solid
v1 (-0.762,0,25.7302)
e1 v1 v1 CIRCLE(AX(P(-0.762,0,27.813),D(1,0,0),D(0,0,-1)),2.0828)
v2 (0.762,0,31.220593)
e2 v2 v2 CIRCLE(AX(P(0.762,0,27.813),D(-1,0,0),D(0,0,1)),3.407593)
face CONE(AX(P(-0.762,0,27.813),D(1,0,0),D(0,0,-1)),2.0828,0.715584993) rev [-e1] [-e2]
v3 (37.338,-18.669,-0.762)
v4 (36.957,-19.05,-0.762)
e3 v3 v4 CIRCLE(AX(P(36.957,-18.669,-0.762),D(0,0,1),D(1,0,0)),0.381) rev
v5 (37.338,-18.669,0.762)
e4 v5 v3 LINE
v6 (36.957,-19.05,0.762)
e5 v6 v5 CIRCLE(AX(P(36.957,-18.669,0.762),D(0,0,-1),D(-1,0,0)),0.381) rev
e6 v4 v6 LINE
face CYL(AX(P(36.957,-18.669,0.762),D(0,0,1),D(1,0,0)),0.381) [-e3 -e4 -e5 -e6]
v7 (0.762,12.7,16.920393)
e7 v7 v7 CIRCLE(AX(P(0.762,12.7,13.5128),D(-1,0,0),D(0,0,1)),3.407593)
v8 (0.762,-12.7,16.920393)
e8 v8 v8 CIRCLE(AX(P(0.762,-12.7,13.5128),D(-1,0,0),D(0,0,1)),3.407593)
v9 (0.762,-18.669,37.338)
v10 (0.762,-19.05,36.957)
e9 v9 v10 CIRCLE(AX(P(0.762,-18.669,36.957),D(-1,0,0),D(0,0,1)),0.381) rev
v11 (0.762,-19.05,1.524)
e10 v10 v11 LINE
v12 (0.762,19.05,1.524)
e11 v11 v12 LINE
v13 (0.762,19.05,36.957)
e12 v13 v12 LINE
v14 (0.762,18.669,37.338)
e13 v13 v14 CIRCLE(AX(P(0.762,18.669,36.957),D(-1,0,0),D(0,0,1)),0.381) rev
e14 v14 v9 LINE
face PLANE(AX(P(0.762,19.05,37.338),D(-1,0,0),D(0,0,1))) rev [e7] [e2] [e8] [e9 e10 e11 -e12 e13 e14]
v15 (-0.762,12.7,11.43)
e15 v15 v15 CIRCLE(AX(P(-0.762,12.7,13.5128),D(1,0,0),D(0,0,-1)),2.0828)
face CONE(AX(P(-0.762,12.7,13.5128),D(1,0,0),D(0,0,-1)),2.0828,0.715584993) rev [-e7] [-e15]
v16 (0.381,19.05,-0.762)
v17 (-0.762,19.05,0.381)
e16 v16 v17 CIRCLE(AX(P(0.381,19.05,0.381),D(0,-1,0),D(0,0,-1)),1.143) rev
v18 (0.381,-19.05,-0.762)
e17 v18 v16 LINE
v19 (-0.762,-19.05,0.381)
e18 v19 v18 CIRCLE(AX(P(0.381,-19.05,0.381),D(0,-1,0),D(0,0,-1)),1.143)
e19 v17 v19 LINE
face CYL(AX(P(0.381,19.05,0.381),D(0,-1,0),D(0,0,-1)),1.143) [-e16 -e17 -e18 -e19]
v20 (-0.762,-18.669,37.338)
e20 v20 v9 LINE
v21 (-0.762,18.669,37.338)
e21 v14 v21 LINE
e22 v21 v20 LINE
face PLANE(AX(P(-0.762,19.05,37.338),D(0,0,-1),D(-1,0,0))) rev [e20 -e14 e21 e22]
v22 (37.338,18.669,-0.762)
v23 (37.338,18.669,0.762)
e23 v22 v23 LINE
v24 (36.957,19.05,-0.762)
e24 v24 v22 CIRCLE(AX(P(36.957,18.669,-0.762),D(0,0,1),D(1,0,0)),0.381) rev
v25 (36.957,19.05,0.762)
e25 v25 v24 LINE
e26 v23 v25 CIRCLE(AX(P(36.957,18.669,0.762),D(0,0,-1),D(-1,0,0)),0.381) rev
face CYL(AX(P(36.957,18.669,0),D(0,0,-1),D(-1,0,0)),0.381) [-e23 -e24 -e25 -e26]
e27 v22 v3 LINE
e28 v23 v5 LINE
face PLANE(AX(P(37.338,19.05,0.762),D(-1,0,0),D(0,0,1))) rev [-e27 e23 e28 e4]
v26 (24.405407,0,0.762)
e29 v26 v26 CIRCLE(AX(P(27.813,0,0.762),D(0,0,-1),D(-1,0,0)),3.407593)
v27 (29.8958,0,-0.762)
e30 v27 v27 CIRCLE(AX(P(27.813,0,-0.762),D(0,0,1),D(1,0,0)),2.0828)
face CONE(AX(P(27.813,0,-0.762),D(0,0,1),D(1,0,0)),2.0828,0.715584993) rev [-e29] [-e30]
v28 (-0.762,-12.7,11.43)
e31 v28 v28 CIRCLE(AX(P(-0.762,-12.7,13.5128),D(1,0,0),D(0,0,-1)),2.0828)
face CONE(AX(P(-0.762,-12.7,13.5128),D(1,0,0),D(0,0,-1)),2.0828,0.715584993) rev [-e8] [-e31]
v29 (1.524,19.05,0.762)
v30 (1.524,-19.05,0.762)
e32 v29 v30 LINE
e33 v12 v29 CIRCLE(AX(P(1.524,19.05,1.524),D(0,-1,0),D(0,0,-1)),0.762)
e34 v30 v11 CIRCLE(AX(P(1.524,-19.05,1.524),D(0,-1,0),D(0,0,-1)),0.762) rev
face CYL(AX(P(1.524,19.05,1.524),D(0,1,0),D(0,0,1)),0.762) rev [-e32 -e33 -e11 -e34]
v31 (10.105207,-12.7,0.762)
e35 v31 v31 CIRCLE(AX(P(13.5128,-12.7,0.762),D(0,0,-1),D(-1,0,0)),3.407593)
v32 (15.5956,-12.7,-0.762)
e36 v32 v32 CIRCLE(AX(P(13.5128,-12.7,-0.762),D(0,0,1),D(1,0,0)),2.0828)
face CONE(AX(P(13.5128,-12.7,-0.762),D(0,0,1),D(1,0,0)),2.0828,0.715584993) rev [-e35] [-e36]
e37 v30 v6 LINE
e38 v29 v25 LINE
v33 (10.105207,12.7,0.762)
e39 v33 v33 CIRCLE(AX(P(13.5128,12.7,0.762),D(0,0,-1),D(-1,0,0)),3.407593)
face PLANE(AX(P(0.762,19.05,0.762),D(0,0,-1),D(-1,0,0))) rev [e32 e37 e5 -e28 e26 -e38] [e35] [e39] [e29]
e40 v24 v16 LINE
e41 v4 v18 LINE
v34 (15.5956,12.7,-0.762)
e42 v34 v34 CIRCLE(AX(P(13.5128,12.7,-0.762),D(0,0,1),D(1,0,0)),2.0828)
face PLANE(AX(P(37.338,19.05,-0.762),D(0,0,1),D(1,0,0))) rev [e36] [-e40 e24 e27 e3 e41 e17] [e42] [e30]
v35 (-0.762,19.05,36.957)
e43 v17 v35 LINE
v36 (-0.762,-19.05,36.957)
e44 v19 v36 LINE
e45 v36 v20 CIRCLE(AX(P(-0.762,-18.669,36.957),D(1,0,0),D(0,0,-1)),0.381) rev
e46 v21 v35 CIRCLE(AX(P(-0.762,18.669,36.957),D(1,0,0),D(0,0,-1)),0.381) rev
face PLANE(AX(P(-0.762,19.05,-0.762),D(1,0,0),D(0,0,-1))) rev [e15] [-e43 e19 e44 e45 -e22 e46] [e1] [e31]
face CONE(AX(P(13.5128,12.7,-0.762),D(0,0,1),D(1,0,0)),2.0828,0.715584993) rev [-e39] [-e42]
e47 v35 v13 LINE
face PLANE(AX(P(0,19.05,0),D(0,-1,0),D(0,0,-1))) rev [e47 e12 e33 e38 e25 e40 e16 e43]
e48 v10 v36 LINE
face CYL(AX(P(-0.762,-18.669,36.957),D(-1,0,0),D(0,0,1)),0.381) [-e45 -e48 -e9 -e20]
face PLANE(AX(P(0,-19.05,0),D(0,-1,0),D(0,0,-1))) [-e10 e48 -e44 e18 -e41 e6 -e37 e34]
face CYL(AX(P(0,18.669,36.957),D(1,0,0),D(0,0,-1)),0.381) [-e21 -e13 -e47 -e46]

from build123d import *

# Parameters (mm, degrees)
BOSS_EXTRUDE1_DEPTH          = 19.05
FILLET1_R                    = 1.143
FILLET2_R                    = 0.762
FILLET3_R                    = 0.381
SKETCH4_R                    = 2.0828
CUT_EXTRUDE1_DEPTH           = 1.524
CUT_EXTRUDE1_DRAFT           = -41
CUT_EXTRUDE1_PROFILE_2_DEPTH = 1.524
CUT_EXTRUDE1_PROFILE_2_DRAFT = -41
CUT_EXTRUDE1_PROFILE_3_DEPTH = 1.524
CUT_EXTRUDE1_PROFILE_3_DRAFT = -41
SKETCH5_R                    = 2.0828
CUT_EXTRUDE2_DEPTH           = 1.524
CUT_EXTRUDE2_DRAFT           = -41
CUT_EXTRUDE2_PROFILE_2_DEPTH = 1.524
CUT_EXTRUDE2_PROFILE_2_DRAFT = -41
CUT_EXTRUDE2_PROFILE_3_DEPTH = 1.524
CUT_EXTRUDE2_PROFILE_3_DRAFT = -41


with BuildPart() as part:
    # Sketch3 → Boss-Extrude1 (new, symmetric)
    with BuildSketch(Plane(origin=(0, 0, 0), x_dir=(1, 0, 0), z_dir=(0, 1, 0))):
        Polygon((0.762, -0.762), (37.338, -0.762), (37.338, 0.762), (-0.762, 0.762), (-0.762, -37.338), (0.762, -37.338), align=None)
    extrude(amount=BOSS_EXTRUDE1_DEPTH, both=True)

    # Fillet1
    fillet1_edges = [part.edges().sort_by_distance(p)[0] for p in [
        (-0.762, 0, -0.762),
    ]]
    fillet(fillet1_edges, radius=FILLET1_R)

    # Fillet2
    fillet2_edges = [part.edges().sort_by_distance(p)[0] for p in [
        (0.762, 0, 0.762),
    ]]
    fillet(fillet2_edges, radius=FILLET2_R)

    # Fillet3
    fillet3_edges = [part.edges().sort_by_distance(p)[0] for p in [
        (37.338, 19.05, 0),
        (0, 19.05, 37.338),
        (0, -19.05, 37.338),
        (37.338, -19.05, 0),
    ]]
    fillet(fillet3_edges, radius=FILLET3_R)


with BuildPart() as cut_extrude1_tool:
    # Sketch4 → Cut-Extrude1 (with draft: the straight prism first)
    with BuildSketch(Plane(origin=(-0.762, 0, 0), x_dir=(0, 0, -1), z_dir=(1, 0, 0))):
        with Locations((-27.813, 0)):
            Circle(SKETCH4_R)
    extrude(amount=CUT_EXTRUDE1_DEPTH)
    # Cut-Extrude1: the draft: its side faces are tilted about the plane it starts from
    cut_extrude1_sides = [cut_extrude1_tool.faces().sort_by_distance(p)[0] for p in [
        (0, 0, 29.8958),
    ]]
    draft(cut_extrude1_sides, Plane(origin=(-0.762, 0, 0), x_dir=(0, 0, -1), z_dir=(1, 0, 0)), CUT_EXTRUDE1_DRAFT)


with BuildPart() as part_1:
    add(part.part)

    # Cut-Extrude1: cut by cut_extrude1_tool
    add(cut_extrude1_tool.part, mode=Mode.SUBTRACT)


with BuildPart() as cut_extrude1_profile_2_tool:
    # Sketch4 → Cut-Extrude1 profile 2 (with draft: the straight prism first)
    with BuildSketch(Plane(origin=(-0.762, 0, 0), x_dir=(0, 0, -1), z_dir=(1, 0, 0))):
        with Locations((-13.5128, 12.7)):
            Circle(SKETCH4_R)
    extrude(amount=CUT_EXTRUDE1_PROFILE_2_DEPTH)
    # Cut-Extrude1 profile 2: the draft: its side faces are tilted about the plane it starts from
    cut_extrude1_profile_2_sides = [cut_extrude1_profile_2_tool.faces().sort_by_distance(p)[0] for p in [
        (0, 12.7, 15.5956),
    ]]
    draft(cut_extrude1_profile_2_sides, Plane(origin=(-0.762, 0, 0), x_dir=(0, 0, -1), z_dir=(1, 0, 0)), CUT_EXTRUDE1_PROFILE_2_DRAFT)


with BuildPart() as part_2:
    add(part_1.part)

    # Cut-Extrude1 profile 2: cut by cut_extrude1_profile_2_tool
    add(cut_extrude1_profile_2_tool.part, mode=Mode.SUBTRACT)


with BuildPart() as cut_extrude1_profile_3_tool:
    # Sketch4 → Cut-Extrude1 profile 3 (with draft: the straight prism first)
    with BuildSketch(Plane(origin=(-0.762, 0, 0), x_dir=(0, 0, -1), z_dir=(1, 0, 0))):
        with Locations((-13.5128, -12.7)):
            Circle(SKETCH4_R)
    extrude(amount=CUT_EXTRUDE1_PROFILE_3_DEPTH)
    # Cut-Extrude1 profile 3: the draft: its side faces are tilted about the plane it starts from
    cut_extrude1_profile_3_sides = [cut_extrude1_profile_3_tool.faces().sort_by_distance(p)[0] for p in [
        (0, -12.7, 15.5956),
    ]]
    draft(cut_extrude1_profile_3_sides, Plane(origin=(-0.762, 0, 0), x_dir=(0, 0, -1), z_dir=(1, 0, 0)), CUT_EXTRUDE1_PROFILE_3_DRAFT)


with BuildPart() as part_3:
    add(part_2.part)

    # Cut-Extrude1 profile 3: cut by cut_extrude1_profile_3_tool
    add(cut_extrude1_profile_3_tool.part, mode=Mode.SUBTRACT)


with BuildPart() as cut_extrude2_tool:
    # Sketch5 → Cut-Extrude2 (with draft: the straight prism first)
    with BuildSketch(Plane.XY.offset(-0.762)):
        with Locations((13.5128, 12.7)):
            Circle(SKETCH5_R)
    extrude(amount=CUT_EXTRUDE2_DEPTH)
    # Cut-Extrude2: the draft: its side faces are tilted about the plane it starts from
    cut_extrude2_sides = [cut_extrude2_tool.faces().sort_by_distance(p)[0] for p in [
        (11.43, 12.7, 0),
    ]]
    draft(cut_extrude2_sides, Plane.XY.offset(-0.762), CUT_EXTRUDE2_DRAFT)


with BuildPart() as part_4:
    add(part_3.part)

    # Cut-Extrude2: cut by cut_extrude2_tool
    add(cut_extrude2_tool.part, mode=Mode.SUBTRACT)


with BuildPart() as cut_extrude2_profile_2_tool:
    # Sketch5 → Cut-Extrude2 profile 2 (with draft: the straight prism first)
    with BuildSketch(Plane.XY.offset(-0.762)):
        with Locations((13.5128, -12.7)):
            Circle(SKETCH5_R)
    extrude(amount=CUT_EXTRUDE2_PROFILE_2_DEPTH)
    # Cut-Extrude2 profile 2: the draft: its side faces are tilted about the plane it starts from
    cut_extrude2_profile_2_sides = [cut_extrude2_profile_2_tool.faces().sort_by_distance(p)[0] for p in [
        (11.43, -12.7, 0),
    ]]
    draft(cut_extrude2_profile_2_sides, Plane.XY.offset(-0.762), CUT_EXTRUDE2_PROFILE_2_DRAFT)


with BuildPart() as part_5:
    add(part_4.part)

    # Cut-Extrude2 profile 2: cut by cut_extrude2_profile_2_tool
    add(cut_extrude2_profile_2_tool.part, mode=Mode.SUBTRACT)


with BuildPart() as cut_extrude2_profile_3_tool:
    # Sketch5 → Cut-Extrude2 profile 3 (with draft: the straight prism first)
    with BuildSketch(Plane.XY.offset(-0.762)):
        with Locations((27.813, 0)):
            Circle(SKETCH5_R)
    extrude(amount=CUT_EXTRUDE2_PROFILE_3_DEPTH)
    # Cut-Extrude2 profile 3: the draft: its side faces are tilted about the plane it starts from
    cut_extrude2_profile_3_sides = [cut_extrude2_profile_3_tool.faces().sort_by_distance(p)[0] for p in [
        (25.7302, 0, 0),
    ]]
    draft(cut_extrude2_profile_3_sides, Plane.XY.offset(-0.762), CUT_EXTRUDE2_PROFILE_3_DRAFT)


with BuildPart() as part_6:
    add(part_5.part)

    # Cut-Extrude2 profile 3: cut by cut_extrude2_profile_3_tool
    add(cut_extrude2_profile_3_tool.part, mode=Mode.SUBTRACT)


solid = part_6.part
